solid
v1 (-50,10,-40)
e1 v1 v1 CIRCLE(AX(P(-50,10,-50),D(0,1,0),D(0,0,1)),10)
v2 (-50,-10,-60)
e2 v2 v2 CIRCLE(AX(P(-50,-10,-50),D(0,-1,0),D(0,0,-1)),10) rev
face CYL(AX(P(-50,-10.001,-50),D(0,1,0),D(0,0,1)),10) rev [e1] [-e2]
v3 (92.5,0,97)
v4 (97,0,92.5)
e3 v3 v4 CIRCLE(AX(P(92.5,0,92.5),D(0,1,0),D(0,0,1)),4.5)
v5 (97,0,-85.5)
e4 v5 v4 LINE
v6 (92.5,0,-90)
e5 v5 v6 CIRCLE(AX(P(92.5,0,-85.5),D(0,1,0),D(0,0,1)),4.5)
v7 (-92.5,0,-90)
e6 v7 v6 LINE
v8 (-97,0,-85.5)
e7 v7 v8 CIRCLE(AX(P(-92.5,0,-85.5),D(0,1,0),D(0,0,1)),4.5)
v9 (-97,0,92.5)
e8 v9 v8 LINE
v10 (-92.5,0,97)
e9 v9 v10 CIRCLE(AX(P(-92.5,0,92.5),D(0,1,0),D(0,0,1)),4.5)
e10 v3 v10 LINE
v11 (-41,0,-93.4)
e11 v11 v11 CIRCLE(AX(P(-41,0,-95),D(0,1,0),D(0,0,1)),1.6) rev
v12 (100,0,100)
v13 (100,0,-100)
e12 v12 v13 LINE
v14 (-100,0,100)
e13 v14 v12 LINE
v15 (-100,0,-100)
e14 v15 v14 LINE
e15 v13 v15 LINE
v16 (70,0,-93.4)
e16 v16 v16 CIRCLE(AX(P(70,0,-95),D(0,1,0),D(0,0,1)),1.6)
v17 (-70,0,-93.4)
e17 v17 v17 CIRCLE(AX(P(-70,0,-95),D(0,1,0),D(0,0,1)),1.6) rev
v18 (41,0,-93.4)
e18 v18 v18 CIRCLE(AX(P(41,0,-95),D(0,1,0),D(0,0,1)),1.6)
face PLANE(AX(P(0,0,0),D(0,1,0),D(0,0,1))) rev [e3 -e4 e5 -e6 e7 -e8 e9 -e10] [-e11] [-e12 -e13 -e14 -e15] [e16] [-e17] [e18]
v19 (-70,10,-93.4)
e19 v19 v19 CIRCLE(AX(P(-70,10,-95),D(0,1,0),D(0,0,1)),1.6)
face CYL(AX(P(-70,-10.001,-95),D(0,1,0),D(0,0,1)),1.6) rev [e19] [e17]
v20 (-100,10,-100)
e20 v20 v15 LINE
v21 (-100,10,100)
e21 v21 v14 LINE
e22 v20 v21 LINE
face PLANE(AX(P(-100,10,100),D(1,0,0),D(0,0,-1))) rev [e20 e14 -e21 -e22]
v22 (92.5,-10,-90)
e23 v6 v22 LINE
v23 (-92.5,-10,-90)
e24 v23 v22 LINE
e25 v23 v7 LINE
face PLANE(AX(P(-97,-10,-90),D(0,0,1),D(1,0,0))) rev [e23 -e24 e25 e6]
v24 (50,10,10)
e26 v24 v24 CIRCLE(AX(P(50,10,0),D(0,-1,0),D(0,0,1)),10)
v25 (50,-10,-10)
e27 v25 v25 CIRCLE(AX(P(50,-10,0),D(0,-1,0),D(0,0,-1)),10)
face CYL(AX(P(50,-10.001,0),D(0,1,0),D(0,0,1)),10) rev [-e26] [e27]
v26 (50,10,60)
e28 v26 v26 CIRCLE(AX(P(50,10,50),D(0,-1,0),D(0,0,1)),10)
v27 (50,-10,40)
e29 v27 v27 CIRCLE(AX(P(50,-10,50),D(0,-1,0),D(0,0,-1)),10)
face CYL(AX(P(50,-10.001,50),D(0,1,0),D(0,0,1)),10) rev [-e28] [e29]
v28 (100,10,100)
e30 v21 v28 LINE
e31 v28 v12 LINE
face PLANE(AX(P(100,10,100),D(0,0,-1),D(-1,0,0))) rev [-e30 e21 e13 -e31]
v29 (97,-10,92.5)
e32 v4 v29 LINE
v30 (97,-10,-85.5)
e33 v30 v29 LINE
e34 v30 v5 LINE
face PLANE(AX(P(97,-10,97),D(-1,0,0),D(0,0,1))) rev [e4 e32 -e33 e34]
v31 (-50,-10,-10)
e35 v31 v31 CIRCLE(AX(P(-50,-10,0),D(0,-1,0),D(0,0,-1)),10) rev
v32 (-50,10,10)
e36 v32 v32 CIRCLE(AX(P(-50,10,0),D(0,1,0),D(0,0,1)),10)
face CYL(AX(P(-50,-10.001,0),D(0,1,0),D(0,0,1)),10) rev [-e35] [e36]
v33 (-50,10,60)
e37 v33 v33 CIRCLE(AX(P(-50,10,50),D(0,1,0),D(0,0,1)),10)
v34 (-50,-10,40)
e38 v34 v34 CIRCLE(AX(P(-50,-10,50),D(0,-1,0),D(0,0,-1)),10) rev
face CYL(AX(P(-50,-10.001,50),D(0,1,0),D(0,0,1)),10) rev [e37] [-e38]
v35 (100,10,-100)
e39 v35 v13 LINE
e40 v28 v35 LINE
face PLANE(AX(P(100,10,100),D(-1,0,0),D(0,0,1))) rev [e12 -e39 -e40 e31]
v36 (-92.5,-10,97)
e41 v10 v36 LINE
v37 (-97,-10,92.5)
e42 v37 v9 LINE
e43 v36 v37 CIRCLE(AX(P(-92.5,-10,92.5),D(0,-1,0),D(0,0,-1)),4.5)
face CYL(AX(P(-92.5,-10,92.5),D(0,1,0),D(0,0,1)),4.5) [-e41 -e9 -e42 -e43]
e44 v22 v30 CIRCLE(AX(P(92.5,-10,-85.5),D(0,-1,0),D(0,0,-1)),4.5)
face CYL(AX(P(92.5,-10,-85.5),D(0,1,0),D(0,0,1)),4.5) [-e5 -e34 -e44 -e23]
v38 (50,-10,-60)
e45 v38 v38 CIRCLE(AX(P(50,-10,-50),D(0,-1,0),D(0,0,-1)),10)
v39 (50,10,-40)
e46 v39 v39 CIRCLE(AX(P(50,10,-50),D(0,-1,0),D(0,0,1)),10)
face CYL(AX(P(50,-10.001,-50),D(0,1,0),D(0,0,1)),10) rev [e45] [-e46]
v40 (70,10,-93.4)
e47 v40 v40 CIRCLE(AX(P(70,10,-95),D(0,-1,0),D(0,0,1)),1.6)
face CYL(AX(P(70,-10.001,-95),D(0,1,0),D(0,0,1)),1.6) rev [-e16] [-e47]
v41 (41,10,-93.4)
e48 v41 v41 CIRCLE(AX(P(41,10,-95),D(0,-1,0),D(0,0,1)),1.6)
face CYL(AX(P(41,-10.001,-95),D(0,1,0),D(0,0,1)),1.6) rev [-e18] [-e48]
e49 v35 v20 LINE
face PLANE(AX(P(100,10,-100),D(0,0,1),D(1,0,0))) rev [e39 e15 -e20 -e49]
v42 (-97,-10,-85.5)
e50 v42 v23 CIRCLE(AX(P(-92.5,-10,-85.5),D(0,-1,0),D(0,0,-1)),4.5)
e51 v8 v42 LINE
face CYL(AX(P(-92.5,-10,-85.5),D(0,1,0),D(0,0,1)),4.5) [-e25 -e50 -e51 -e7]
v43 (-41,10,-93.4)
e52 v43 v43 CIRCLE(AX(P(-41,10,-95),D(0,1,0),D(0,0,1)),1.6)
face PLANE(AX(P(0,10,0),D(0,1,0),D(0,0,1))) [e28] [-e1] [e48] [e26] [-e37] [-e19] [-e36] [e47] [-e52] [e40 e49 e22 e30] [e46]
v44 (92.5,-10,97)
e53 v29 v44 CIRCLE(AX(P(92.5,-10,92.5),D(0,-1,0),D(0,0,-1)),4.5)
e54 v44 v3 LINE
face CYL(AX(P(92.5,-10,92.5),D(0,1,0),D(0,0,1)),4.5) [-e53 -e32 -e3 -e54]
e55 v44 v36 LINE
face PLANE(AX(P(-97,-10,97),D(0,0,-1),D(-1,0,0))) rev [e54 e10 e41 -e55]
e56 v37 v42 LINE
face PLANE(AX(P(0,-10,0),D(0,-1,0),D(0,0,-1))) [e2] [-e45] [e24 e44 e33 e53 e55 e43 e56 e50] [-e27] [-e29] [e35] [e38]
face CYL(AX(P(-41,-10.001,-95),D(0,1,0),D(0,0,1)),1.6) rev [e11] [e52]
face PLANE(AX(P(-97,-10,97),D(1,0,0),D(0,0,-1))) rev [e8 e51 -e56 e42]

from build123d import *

# Parameters (mm, degrees)
CROQUIS1_W              = 200
CROQUIS1_H              = 200
SALIENTE_EXTRUIR1_DEPTH = 10
CROQUIS2_W              = 194
CROQUIS2_H              = 187
SALIENTE_EXTRUIR2_DEPTH = 10
REDONDEO2_R             = 4.5
CROQUIS3_R              = 10
CORTAR_EXTRUIR1_DEPTH   = 20
CROQUIS4_R              = 1.6
CORTAR_EXTRUIR2_DEPTH   = 10


with BuildPart() as part:
    # Croquis1 → Saliente-Extruir1 (new body)
    with BuildSketch(Plane(origin=(0, 0, 0), x_dir=(1, 0, 0), z_dir=(0, 1, 0))):
        Rectangle(CROQUIS1_W, CROQUIS1_H)
    extrude(amount=SALIENTE_EXTRUIR1_DEPTH)

    # Croquis2 → Saliente-Extruir2 (add)
    with BuildSketch(Plane.XZ):
        with Locations((0, 3.5)):
            Rectangle(CROQUIS2_W, CROQUIS2_H)
    extrude(amount=SALIENTE_EXTRUIR2_DEPTH)

    # Redondeo2
    redondeo2_edges = [part.edges().sort_by_distance(p)[0] for p in [
        (-97, -5, 97),
        (-97, -5, -90),
        (97, -5, -90),
        (97, -5, 97),
    ]]
    fillet(redondeo2_edges, radius=REDONDEO2_R)

    # Croquis3 → Cortar-Extruir1 (cut)
    with BuildSketch(Plane(origin=(0, 10, 0), x_dir=(1, 0, 0), z_dir=(0, 1, 0))):
        with Locations((-50, 50)):
            Circle(CROQUIS3_R)
        with Locations((-50, 0)):
            Circle(CROQUIS3_R)
        with Locations((-50, -50)):
            Circle(CROQUIS3_R)
    cortar_extruir1 = extrude(amount=-CORTAR_EXTRUIR1_DEPTH, mode=Mode.SUBTRACT)

    # Simetría1: Cortar-Extruir1 across plane
    add(cortar_extruir1.mirror(Plane(origin=(0, 0, 0), x_dir=(0, 0, 1), z_dir=(1, 0, 0))), mode=Mode.SUBTRACT)

    # Croquis4 → Cortar-Extruir2 (cut)
    with BuildSketch(Plane(origin=(0, 10, 0), x_dir=(1, 0, 0), z_dir=(0, 1, 0))):
        with Locations((-70, 95)):
            Circle(CROQUIS4_R)
        with Locations((-41, 95)):
            Circle(CROQUIS4_R)
    cortar_extruir2 = extrude(amount=-CORTAR_EXTRUIR2_DEPTH, mode=Mode.SUBTRACT)

    # Simetría2: Cortar-Extruir2 across plane
    add(cortar_extruir2.mirror(Plane(origin=(0, 0, 0), x_dir=(0, 0, 1), z_dir=(1, 0, 0))), mode=Mode.SUBTRACT)


solid = part.part
